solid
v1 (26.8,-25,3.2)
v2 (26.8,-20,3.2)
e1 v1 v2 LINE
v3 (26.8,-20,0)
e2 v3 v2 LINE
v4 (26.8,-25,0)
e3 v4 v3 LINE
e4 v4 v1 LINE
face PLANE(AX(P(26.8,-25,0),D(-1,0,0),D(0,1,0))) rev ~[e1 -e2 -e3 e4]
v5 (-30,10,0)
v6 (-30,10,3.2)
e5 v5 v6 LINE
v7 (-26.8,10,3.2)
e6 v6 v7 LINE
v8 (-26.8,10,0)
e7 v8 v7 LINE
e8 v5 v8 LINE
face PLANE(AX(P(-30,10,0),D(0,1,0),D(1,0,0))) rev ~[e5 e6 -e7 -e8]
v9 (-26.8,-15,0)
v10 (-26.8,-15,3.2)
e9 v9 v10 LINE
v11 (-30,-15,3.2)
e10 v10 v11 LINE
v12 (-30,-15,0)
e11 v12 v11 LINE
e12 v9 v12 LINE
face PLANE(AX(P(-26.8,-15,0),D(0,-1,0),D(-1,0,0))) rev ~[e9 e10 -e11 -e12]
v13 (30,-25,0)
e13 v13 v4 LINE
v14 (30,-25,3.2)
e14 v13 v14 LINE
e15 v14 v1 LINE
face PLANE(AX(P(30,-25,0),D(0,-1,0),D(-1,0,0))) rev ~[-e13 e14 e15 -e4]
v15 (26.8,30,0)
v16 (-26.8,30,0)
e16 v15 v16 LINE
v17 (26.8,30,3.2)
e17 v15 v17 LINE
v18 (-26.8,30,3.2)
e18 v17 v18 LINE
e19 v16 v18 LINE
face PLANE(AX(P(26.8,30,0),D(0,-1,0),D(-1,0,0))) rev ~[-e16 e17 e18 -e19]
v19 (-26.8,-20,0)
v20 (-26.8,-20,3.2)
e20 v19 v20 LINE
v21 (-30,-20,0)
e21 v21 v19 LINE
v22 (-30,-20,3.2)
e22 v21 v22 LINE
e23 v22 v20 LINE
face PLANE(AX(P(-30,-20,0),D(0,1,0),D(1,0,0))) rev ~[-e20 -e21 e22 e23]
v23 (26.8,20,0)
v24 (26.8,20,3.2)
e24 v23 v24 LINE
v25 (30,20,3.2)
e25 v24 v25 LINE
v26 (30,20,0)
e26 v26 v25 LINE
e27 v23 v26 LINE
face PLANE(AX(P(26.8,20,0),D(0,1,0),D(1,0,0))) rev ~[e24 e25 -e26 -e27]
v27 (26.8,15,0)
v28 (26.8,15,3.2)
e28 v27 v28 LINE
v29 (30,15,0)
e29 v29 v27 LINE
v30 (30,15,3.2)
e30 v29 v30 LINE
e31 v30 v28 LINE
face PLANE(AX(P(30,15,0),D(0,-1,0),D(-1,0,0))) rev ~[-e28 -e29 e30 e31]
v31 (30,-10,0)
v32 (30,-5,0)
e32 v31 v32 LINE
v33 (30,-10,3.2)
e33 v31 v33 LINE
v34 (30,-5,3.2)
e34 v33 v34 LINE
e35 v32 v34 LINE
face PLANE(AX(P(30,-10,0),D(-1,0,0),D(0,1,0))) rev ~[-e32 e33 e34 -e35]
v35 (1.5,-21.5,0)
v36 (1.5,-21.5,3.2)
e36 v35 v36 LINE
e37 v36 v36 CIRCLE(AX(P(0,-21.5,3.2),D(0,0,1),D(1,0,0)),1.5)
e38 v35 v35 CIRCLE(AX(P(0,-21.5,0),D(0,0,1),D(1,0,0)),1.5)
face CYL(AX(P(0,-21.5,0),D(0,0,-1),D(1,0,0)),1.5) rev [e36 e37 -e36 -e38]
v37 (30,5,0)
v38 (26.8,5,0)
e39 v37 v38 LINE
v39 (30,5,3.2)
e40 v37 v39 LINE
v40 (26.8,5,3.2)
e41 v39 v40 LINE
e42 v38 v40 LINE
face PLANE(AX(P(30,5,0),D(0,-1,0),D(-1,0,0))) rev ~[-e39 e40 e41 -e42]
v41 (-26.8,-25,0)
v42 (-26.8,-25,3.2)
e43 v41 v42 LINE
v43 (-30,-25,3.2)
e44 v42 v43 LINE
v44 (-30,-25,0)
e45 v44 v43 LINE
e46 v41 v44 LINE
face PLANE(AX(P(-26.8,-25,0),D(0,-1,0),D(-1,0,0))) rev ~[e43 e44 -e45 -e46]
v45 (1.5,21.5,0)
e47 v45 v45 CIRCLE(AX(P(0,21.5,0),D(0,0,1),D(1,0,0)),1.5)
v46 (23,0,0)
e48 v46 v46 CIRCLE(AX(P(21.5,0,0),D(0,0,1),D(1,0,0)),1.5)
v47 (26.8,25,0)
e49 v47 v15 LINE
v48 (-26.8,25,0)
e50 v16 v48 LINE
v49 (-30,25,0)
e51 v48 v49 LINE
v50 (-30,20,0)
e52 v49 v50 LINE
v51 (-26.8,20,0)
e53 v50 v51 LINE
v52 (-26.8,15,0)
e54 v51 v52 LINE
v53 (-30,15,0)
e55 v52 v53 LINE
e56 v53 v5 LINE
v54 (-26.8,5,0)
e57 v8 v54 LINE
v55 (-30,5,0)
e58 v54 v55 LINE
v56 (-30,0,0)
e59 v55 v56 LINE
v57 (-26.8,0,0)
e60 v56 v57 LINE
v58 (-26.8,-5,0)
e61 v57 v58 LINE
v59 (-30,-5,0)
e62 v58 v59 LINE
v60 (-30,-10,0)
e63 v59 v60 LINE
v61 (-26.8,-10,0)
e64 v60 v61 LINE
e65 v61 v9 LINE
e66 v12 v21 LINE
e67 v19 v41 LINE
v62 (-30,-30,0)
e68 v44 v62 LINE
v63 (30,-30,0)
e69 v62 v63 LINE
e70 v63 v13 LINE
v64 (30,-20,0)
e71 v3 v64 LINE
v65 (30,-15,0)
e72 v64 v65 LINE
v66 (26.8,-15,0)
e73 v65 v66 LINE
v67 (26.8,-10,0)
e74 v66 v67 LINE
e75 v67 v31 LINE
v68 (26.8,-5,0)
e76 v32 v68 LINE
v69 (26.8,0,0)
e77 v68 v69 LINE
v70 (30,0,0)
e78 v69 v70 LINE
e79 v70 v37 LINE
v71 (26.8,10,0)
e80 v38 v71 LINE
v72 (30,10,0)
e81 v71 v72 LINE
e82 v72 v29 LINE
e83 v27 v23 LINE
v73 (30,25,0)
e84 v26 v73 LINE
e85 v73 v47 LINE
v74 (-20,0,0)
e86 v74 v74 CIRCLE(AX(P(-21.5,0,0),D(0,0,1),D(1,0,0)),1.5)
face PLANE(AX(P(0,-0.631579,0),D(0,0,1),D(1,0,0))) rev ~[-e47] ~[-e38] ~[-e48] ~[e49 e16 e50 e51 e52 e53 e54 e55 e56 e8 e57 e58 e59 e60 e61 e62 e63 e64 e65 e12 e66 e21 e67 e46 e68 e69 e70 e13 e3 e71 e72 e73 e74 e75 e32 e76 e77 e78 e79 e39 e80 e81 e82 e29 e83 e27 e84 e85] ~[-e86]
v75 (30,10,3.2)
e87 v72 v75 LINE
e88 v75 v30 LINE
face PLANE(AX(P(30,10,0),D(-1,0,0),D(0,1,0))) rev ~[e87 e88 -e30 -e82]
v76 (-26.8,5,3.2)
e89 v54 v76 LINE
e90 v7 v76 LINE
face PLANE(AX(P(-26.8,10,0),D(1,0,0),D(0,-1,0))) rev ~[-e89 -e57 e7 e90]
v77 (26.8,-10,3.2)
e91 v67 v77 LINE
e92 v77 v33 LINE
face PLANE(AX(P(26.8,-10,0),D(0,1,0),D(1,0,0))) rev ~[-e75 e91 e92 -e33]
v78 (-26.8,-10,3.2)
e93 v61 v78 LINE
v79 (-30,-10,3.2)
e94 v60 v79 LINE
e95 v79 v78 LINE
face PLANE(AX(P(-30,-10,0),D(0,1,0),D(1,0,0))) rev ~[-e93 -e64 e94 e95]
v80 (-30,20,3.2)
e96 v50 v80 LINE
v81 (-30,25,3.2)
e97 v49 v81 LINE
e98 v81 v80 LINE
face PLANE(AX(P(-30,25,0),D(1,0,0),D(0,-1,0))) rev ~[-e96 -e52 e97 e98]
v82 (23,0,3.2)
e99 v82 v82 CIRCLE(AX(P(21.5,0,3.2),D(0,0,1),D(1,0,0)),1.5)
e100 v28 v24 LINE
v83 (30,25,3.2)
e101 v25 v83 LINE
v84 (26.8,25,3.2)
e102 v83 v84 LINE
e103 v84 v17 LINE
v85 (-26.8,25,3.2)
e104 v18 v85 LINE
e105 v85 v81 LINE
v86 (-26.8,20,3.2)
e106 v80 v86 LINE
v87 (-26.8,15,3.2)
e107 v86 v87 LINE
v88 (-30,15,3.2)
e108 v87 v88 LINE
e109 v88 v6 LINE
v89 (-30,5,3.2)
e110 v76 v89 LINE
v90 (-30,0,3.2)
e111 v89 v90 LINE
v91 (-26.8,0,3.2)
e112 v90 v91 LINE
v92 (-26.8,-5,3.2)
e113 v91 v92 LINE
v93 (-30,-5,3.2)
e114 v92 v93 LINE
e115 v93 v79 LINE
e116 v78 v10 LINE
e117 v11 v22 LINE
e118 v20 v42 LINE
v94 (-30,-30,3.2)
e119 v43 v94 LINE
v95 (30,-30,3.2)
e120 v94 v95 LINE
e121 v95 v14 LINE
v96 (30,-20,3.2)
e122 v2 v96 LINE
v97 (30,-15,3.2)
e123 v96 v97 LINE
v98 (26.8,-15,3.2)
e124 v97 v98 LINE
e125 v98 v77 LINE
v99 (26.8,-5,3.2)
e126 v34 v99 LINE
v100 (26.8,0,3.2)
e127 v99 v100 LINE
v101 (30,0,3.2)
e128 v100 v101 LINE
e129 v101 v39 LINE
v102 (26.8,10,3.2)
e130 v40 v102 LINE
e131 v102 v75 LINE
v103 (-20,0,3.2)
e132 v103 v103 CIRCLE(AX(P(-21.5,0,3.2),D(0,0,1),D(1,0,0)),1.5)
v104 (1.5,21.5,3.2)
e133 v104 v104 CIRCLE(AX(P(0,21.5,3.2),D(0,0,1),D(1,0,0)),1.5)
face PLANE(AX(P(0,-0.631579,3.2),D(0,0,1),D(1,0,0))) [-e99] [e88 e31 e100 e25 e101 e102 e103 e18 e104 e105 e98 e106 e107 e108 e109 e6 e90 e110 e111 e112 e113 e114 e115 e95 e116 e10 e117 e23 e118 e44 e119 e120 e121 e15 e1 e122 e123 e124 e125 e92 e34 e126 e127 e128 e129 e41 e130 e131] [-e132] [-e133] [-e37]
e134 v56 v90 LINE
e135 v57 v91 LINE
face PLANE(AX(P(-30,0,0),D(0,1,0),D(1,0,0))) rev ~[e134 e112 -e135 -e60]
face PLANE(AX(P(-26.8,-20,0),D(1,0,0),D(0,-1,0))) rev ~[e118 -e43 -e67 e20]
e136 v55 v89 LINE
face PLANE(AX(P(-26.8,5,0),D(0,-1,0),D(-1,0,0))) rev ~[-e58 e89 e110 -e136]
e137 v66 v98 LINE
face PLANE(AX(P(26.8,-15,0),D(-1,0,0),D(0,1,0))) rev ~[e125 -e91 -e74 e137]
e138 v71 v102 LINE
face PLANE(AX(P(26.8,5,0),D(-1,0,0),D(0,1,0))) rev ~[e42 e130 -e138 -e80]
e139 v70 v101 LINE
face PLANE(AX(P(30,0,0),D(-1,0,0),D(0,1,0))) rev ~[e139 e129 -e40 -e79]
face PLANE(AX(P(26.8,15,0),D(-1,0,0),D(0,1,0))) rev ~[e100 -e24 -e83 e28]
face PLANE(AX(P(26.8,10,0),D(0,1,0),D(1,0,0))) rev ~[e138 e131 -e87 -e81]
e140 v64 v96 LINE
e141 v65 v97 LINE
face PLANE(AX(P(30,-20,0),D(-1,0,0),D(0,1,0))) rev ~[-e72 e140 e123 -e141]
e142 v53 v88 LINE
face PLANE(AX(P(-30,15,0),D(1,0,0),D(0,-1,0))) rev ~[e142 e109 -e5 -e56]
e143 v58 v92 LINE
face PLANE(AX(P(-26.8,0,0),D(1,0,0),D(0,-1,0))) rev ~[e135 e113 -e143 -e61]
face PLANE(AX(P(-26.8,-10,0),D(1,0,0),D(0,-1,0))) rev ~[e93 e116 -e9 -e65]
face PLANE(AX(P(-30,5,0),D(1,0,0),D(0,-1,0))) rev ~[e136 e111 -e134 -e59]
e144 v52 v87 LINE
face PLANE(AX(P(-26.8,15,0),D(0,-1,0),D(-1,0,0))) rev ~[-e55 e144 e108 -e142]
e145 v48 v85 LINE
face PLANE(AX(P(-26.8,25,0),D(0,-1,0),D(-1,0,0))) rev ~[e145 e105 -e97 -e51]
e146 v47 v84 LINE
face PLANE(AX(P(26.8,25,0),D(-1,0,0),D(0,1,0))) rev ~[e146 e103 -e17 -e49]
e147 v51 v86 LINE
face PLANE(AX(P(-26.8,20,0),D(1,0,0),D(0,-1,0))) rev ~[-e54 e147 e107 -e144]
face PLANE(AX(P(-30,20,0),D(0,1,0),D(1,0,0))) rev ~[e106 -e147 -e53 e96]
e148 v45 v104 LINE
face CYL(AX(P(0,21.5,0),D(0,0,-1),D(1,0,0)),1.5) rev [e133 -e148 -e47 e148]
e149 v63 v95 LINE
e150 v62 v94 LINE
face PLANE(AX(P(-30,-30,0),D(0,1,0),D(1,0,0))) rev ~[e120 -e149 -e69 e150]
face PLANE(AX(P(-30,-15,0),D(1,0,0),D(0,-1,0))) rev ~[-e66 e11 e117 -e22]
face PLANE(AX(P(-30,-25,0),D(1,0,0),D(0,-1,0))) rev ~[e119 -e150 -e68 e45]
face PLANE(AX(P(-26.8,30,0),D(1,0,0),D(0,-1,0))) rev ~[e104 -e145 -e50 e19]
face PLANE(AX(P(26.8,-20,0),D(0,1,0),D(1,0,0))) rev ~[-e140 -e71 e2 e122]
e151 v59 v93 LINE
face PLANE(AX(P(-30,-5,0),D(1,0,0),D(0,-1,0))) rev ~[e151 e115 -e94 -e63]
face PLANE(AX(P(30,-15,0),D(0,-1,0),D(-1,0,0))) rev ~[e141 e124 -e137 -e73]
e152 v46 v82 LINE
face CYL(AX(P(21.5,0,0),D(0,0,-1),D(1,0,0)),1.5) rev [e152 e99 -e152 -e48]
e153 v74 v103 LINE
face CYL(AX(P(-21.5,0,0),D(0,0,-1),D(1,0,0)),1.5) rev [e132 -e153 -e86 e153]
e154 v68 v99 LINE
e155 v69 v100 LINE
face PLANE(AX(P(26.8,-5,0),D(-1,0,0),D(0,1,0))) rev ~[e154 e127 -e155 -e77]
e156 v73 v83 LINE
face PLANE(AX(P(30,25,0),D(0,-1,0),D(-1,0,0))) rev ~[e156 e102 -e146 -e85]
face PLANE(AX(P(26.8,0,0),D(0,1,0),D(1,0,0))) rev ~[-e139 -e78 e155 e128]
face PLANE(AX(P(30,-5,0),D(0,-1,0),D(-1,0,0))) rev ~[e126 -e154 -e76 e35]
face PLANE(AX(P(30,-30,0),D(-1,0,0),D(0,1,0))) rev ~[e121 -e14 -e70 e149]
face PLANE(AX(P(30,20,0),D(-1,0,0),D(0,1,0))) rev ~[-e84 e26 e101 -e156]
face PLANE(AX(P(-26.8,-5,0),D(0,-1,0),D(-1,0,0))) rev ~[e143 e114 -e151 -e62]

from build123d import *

# Parameters (mm, degrees)
F0_R     = 1.5
F1_DEPTH = 3.2


with BuildPart() as f1:
    # F0 (on Top) → F1 (new body)
    with BuildSketch(Plane.XY):
        Polygon((26.8, 25), (26.8, 30), (-26.8, 30), (-26.8, 25), (-30, 25), (-30, 20), (-26.8, 20), (-26.8, 15), (-30, 15), (-30, 10), (-26.8, 10), (-26.8, 5), (-30, 5), (-30, 0), (-26.8, 0), (-26.8, -5), (-30, -5), (-30, -10), (-26.8, -10), (-26.8, -15), (-30, -15), (-30, -20), (-26.8, -20), (-26.8, -25), (-30, -25), (-30, -30), (30, -30), (30, -25), (26.8, -25), (26.8, -20), (30, -20), (30, -15), (26.8, -15), (26.8, -10), (30, -10), (30, -5), (26.8, -5), (26.8, 0), (30, 0), (30, 5), (26.8, 5), (26.8, 10), (30, 10), (30, 15), (26.8, 15), (26.8, 20), (30, 20), (30, 25), align=None)
        with Locations((0, -21.5)):
            Circle(F0_R, mode=Mode.SUBTRACT)
        with Locations((-21.5, 0)):
            Circle(F0_R, mode=Mode.SUBTRACT)
        with Locations((21.5, 0)):
            Circle(F0_R, mode=Mode.SUBTRACT)
        with Locations((0, 21.5)):
            Circle(F0_R, mode=Mode.SUBTRACT)
    extrude(amount=F1_DEPTH)


solid = f1.part
